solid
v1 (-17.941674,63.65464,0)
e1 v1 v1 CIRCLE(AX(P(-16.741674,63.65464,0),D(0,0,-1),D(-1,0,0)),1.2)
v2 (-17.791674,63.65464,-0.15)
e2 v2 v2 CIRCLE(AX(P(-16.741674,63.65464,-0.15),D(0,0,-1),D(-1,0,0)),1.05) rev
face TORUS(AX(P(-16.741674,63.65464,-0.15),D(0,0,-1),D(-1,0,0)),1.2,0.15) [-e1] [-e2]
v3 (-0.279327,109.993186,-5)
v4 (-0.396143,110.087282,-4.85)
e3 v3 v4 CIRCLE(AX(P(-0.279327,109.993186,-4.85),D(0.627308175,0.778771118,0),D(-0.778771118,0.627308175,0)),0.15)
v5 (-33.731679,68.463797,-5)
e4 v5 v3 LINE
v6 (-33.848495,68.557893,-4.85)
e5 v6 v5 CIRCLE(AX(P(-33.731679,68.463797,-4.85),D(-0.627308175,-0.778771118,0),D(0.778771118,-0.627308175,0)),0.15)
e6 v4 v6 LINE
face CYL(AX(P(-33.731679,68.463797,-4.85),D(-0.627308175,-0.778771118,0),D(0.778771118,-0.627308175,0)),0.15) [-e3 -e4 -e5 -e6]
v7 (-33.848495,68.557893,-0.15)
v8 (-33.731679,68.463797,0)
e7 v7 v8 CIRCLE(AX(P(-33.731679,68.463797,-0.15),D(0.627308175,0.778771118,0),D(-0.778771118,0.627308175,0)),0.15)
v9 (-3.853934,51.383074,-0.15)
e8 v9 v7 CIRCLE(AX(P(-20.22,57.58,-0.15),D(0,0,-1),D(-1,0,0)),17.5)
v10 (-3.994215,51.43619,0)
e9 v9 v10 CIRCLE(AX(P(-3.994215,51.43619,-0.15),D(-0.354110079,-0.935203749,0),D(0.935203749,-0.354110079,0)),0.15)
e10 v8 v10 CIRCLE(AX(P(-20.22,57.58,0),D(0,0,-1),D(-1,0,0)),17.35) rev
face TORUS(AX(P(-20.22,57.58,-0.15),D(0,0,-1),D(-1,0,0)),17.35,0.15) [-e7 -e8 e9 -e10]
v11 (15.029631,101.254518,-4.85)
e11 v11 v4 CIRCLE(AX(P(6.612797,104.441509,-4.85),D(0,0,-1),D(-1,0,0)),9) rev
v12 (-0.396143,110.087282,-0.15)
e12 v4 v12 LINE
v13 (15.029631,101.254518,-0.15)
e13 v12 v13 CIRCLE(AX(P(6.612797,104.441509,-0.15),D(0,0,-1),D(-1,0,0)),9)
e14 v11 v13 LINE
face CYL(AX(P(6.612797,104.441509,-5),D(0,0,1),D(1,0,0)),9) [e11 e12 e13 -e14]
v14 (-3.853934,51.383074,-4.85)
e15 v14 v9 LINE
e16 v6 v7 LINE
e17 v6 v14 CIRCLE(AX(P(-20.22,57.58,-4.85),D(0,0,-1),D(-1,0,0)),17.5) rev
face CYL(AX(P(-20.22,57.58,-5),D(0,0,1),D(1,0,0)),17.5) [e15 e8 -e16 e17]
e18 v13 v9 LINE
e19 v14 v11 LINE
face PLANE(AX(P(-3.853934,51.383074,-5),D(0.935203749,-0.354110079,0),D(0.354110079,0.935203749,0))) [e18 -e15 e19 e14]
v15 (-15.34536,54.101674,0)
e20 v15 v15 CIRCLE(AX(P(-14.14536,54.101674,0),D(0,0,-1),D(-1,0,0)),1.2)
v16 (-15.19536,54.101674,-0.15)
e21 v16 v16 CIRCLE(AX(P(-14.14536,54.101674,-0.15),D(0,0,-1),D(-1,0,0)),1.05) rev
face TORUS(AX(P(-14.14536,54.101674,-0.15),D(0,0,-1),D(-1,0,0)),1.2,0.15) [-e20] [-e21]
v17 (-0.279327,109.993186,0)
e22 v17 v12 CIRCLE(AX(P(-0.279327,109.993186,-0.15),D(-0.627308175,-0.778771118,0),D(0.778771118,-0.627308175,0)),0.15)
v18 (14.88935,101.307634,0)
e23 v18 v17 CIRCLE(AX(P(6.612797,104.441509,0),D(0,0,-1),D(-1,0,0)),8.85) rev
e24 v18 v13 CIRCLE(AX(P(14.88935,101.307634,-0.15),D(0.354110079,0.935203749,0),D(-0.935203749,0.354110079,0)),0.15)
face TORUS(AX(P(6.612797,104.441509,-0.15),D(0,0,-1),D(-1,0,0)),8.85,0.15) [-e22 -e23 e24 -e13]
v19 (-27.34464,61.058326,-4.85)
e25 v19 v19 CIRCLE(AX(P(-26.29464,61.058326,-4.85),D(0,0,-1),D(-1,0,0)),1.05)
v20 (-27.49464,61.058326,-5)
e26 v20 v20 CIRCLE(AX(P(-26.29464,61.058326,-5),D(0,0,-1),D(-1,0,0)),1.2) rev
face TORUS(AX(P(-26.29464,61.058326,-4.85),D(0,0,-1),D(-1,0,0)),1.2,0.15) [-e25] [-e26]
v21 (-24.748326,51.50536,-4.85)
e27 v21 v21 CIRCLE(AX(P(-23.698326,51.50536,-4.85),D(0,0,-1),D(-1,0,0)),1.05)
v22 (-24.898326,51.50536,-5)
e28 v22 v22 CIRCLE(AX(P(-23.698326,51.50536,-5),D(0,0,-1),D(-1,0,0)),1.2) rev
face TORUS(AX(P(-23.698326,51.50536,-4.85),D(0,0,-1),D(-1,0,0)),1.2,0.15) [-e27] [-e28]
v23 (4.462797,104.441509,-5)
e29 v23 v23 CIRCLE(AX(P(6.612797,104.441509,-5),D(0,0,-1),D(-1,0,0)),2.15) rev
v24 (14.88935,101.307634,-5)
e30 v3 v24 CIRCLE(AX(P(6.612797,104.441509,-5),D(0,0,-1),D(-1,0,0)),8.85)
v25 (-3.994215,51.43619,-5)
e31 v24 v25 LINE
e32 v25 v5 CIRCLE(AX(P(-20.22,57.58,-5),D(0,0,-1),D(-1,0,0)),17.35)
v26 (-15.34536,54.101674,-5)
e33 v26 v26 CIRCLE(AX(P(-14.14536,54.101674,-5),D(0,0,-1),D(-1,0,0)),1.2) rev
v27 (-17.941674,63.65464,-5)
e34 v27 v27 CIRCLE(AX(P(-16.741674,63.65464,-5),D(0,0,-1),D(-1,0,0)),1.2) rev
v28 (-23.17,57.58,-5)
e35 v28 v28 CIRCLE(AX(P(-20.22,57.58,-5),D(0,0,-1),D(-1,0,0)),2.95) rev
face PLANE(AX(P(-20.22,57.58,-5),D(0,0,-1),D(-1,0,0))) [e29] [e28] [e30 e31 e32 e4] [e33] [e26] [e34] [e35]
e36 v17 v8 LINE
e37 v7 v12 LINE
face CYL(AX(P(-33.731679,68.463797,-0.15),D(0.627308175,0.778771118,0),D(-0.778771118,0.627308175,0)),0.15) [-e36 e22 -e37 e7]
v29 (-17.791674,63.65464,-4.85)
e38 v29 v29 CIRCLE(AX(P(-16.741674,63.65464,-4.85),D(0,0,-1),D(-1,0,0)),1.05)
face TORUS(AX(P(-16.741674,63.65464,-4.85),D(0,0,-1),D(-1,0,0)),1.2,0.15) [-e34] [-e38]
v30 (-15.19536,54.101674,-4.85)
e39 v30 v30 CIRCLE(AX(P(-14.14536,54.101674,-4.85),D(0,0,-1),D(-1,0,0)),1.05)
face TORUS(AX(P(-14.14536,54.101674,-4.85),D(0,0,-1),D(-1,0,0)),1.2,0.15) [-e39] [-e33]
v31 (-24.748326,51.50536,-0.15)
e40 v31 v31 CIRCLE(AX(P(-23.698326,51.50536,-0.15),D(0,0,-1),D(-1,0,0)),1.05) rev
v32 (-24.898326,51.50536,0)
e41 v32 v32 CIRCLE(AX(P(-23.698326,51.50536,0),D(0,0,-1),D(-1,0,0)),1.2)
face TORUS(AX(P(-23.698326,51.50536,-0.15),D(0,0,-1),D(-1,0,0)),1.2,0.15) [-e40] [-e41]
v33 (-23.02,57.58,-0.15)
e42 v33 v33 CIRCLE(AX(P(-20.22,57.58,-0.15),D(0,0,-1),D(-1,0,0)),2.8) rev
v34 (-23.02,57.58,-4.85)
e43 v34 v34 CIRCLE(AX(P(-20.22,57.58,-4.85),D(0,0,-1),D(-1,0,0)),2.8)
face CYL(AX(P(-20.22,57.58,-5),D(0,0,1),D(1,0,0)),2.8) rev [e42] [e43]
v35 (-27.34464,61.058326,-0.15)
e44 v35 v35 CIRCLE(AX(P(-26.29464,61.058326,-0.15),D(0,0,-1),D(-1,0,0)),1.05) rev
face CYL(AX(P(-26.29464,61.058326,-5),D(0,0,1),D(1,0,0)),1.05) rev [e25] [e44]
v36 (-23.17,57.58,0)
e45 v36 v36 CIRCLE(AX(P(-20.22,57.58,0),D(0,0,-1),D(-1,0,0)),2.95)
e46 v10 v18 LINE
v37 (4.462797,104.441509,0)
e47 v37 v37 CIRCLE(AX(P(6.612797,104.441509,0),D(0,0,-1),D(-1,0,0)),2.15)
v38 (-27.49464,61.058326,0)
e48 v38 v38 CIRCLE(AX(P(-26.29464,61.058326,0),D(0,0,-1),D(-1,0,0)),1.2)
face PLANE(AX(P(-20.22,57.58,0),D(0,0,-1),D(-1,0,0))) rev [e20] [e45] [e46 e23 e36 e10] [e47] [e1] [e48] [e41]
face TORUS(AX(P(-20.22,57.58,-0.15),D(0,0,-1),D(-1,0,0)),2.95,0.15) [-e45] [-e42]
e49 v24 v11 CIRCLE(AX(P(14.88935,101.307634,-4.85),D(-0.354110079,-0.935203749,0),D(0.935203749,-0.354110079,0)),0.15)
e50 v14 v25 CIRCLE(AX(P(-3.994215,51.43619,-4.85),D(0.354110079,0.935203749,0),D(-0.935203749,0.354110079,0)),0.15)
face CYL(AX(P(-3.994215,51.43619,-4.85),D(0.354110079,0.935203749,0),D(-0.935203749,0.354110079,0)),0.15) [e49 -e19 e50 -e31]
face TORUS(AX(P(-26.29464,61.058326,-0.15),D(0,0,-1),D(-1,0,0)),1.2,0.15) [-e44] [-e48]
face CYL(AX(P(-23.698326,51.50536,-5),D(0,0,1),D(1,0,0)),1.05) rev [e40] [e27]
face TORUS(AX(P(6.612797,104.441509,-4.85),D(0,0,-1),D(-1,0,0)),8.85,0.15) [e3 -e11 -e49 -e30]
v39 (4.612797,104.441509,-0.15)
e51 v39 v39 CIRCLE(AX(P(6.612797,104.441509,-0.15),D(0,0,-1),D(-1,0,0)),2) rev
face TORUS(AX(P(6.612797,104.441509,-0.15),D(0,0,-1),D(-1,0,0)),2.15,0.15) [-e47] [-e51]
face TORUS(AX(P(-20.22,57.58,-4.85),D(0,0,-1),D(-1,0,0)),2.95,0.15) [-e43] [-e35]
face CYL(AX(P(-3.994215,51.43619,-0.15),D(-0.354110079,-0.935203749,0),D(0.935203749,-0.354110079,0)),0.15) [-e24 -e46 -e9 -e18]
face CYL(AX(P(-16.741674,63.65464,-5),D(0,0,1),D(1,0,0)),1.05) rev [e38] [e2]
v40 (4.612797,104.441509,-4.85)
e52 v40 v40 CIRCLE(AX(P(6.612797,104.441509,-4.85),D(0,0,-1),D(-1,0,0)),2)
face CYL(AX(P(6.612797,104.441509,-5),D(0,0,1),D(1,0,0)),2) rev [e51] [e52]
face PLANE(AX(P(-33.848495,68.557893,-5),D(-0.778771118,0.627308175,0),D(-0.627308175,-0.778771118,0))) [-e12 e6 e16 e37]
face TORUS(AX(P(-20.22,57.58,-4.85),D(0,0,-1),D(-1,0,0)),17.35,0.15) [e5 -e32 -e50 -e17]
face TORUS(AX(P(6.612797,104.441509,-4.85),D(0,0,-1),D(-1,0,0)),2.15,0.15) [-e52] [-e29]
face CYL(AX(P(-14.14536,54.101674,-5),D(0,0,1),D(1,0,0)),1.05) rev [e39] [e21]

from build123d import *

# Parameters (mm, degrees)
SKETCH1_R           = 2.8
SKETCH1_R_2         = 2
SKETCH1_R_3         = 1.05
BOSS_EXTRUDE1_DEPTH = 5
FILLET1_R           = 0.15


with BuildPart() as part:
    # Sketch1 → Boss-Extrude1 (new body)
    with BuildSketch(Plane.XY):
        with BuildLine():
            Line((-33.848494558, 68.557893062), (-0.396142845, 110.087282233))
            ThreePointArc((-0.396142845, 110.087282233), (11.084930082, 112.251760101), (15.029630952, 101.254517945))
            Line((15.029630952, 101.254517945), (-3.853934396, 51.383073613))
            ThreePointArc((-3.853934396, 51.383073613), (-28.915813912, 42.393399972), (-33.848494558, 68.557893062))
        make_face()
        with Locations((-20.22, 57.58)):
            Circle(SKETCH1_R, mode=Mode.SUBTRACT)
        with Locations((6.612797213, 104.441508658)):
            Circle(SKETCH1_R_2, mode=Mode.SUBTRACT)
        with Locations((-26.294640011, 61.058325565)):
            Circle(SKETCH1_R_3, mode=Mode.SUBTRACT)
        with Locations((-16.741674435, 63.654640011)):
            Circle(SKETCH1_R_3, mode=Mode.SUBTRACT)
        with Locations((-23.698325565, 51.505359989)):
            Circle(SKETCH1_R_3, mode=Mode.SUBTRACT)
        with Locations((-14.145359989, 54.101674435)):
            Circle(SKETCH1_R_3, mode=Mode.SUBTRACT)
    extrude(amount=-BOSS_EXTRUDE1_DEPTH)

    # Fillet1
    fillet1_edges = [part.edges().sort_by_distance(p)[0] for p in [
        (-23.02, 57.58, -5),
        (-23.02, 57.58, 0),
        (11.084930082, 112.251760101, -5),
        (4.612797213, 104.441508658, -5),
        (4.612797213, 104.441508658, 0),
        (-17.122318702, 89.322587648, -5),
        (-27.344640011, 61.058325565, -5),
        (-27.344640011, 61.058325565, 0),
        (-17.791674435, 63.654640011, -5),
        (-17.791674435, 63.654640011, 0),
        (-24.748325565, 51.505359989, -5),
        (-24.748325565, 51.505359989, 0),
        (-15.195359989, 54.101674435, -5),
        (-15.195359989, 54.101674435, 0),
        (-28.915813912, 42.393399972, -5),
        (-17.122318702, 89.322587648, 0),
        (11.084930082, 112.251760101, 0),
        (5.587848278, 76.318795779, 0),
        (-28.915813912, 42.393399972, 0),
        (5.587848278, 76.318795779, -5),
    ]]
    fillet(fillet1_edges, radius=FILLET1_R)


solid = part.part
